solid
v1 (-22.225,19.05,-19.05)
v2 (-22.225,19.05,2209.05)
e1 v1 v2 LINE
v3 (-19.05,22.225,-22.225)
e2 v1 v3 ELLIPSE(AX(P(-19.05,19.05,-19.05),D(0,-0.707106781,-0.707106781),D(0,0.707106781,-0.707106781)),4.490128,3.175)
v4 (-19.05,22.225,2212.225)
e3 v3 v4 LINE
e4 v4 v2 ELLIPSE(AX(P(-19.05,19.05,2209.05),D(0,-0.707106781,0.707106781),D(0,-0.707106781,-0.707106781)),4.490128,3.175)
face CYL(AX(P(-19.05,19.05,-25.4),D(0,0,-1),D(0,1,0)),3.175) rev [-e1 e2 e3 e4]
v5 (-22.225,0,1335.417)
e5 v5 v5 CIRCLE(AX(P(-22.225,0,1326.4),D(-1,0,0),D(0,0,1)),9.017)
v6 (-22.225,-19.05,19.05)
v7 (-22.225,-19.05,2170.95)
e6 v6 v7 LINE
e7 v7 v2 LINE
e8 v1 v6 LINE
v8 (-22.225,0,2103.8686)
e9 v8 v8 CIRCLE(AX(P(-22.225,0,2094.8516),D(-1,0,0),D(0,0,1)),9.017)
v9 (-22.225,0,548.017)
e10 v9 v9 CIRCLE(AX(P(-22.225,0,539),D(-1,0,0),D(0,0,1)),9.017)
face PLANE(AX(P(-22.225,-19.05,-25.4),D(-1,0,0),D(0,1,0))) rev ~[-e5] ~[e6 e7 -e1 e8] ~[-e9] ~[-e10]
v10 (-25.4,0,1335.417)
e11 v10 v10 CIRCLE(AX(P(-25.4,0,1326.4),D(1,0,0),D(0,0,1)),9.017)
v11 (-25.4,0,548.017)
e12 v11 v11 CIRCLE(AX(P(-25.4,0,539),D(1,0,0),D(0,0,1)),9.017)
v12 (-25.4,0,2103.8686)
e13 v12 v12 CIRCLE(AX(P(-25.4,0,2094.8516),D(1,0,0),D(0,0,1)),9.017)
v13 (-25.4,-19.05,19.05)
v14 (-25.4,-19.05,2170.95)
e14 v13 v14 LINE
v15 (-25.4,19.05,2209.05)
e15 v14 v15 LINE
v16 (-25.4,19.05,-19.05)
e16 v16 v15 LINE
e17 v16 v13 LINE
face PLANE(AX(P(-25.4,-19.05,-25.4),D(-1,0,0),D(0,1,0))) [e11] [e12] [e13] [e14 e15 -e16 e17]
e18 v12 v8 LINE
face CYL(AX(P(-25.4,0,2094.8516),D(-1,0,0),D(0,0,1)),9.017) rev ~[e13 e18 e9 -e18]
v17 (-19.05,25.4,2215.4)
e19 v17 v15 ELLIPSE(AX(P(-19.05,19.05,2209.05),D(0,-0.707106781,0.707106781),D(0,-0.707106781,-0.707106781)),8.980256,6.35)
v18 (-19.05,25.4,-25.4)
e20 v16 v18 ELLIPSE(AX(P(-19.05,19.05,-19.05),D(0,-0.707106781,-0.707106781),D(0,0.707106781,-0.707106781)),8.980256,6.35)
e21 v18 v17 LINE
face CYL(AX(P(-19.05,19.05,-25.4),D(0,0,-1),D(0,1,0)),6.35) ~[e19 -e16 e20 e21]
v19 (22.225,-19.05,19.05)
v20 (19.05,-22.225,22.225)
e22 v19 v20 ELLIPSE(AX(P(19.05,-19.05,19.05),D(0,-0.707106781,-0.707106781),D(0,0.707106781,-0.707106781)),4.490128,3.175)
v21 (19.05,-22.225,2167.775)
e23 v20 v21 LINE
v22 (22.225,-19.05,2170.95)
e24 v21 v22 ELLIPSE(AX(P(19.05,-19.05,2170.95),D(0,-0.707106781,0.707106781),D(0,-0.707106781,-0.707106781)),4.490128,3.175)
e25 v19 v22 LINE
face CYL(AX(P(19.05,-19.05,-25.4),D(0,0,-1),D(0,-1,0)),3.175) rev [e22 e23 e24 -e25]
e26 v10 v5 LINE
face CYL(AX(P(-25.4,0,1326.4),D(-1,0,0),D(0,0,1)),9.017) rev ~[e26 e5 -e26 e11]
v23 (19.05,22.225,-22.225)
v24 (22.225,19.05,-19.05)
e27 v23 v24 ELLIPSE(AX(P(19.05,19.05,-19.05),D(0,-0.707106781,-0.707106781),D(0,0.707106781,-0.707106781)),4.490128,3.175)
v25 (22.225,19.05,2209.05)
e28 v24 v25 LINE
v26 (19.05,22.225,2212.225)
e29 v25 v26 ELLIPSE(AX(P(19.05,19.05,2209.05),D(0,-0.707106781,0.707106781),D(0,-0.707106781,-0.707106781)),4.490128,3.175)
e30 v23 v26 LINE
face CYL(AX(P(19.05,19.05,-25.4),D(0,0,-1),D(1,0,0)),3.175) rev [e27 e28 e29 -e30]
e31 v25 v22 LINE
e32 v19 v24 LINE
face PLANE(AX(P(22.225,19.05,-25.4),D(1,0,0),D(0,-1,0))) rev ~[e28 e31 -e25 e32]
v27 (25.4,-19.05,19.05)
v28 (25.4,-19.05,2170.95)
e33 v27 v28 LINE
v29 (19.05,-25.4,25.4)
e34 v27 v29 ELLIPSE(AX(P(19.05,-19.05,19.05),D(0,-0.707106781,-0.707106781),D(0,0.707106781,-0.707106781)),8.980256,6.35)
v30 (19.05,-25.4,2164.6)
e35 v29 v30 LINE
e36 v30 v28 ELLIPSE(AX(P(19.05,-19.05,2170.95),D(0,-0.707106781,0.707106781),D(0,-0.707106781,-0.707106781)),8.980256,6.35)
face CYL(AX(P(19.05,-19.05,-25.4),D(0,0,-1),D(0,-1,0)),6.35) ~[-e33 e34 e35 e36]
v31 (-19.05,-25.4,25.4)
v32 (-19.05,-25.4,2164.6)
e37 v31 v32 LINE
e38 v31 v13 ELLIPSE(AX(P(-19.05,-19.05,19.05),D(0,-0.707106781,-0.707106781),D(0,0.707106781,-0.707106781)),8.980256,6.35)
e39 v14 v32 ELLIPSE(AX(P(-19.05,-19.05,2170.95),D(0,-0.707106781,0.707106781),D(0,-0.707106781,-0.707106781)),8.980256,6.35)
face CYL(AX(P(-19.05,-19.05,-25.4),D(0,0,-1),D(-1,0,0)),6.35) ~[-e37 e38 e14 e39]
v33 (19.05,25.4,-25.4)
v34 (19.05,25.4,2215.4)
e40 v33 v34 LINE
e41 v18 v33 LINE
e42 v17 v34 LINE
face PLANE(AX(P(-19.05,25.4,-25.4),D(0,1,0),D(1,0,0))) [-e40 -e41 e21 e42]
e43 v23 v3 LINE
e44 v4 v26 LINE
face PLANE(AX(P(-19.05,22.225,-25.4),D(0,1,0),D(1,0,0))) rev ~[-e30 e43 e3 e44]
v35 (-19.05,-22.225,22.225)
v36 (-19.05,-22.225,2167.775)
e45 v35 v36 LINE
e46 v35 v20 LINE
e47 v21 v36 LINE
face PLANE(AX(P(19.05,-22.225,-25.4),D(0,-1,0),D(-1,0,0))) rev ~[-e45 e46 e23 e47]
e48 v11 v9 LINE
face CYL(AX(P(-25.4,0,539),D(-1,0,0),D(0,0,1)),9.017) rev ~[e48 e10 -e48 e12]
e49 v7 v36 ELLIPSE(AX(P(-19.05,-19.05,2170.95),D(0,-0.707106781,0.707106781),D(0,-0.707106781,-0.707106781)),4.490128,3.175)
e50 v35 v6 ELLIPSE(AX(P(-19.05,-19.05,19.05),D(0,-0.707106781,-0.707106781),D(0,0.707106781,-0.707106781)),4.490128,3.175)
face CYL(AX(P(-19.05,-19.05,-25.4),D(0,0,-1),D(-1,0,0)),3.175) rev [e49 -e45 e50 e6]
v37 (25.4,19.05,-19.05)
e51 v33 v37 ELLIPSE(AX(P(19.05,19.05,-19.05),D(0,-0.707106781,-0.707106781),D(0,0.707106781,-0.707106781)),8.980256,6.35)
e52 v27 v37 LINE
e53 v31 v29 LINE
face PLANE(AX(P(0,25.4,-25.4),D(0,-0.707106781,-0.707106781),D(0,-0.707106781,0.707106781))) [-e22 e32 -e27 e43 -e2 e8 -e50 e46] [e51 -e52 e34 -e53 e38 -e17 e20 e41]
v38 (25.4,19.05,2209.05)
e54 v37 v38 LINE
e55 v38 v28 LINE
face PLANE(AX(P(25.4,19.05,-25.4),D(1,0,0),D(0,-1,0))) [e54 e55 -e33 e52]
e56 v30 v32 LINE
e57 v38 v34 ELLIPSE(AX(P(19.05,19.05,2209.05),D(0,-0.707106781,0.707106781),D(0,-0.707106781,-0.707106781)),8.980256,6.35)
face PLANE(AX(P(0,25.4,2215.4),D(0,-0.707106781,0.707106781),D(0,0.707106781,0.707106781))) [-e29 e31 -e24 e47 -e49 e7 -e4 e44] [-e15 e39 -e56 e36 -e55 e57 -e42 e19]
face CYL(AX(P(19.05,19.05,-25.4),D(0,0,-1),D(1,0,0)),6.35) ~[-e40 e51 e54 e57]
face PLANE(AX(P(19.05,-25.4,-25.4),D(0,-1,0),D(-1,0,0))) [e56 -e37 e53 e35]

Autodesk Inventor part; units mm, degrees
ref_plane "Plano inicial" through (0, 0, -25.4) normal (0, 0, 1) x (1, 0, 0)
ref_plane "Plano final" through (0, 0, 2215.4) normal (0, 0, 1) x (1, 0, 0)
sketch "Boceto" plane through (0, 0, 0) normal (0, 0, 1) x (1, 0, 0)
  line L0 (-25.4, -19.05) -> (-25.4, 19.05)
  line L1 (-19.05, 25.4) -> (19.05, 25.4)
  line L2 (25.4, 19.05) -> (25.4, -19.05)
  line L3 (19.05, -25.4) -> (-19.05, -25.4)
  arc A0 (-25.4, -19.05) -> (-19.05, -25.4) centre (-19.05, -19.05) ccw
  arc A1 (-19.05, 25.4) -> (-25.4, 19.05) centre (-19.05, 19.05) ccw
  arc A2 (25.4, 19.05) -> (19.05, 25.4) centre (19.05, 19.05) ccw
  arc A3 (19.05, -25.4) -> (25.4, -19.05) centre (19.05, -19.05) ccw
  arc A4 (-19.05, 22.225) -> (-22.225, 19.05) centre (-19.05, 19.05) ccw
  line L4 (-19.05, 22.225) -> (19.05, 22.225)
  arc A5 (22.225, 19.05) -> (19.05, 22.225) centre (19.05, 19.05) ccw
  line L5 (22.225, 19.05) -> (22.225, -19.05)
  arc A6 (19.05, -22.225) -> (22.225, -19.05) centre (19.05, -19.05) ccw
  line L6 (19.05, -22.225) -> (-19.05, -22.225)
  arc A7 (-22.225, -19.05) -> (-19.05, -22.225) centre (-19.05, -19.05) ccw
  line L7 (-22.225, -19.05) -> (-22.225, 19.05)
  line L8 (0, 37.4012) -> (0, -37.4012) construction
  line L9 (-37.4012, 0) -> (37.4012, 0) construction
  dimension "d10" = 50.8
  dimension "d11" = 50.8
  dimension "d12" = 3.175
  dimension "d15" = 25.4
  dimension "d16" = 25.4
  dimension "d17" = 6.35
extrude "Cuerpo" add sketch "Boceto" along normal up to surface (2240.8 mm away) from surface at -25.4
sketch "Sketch3" plane through (0, 0, 0) normal (0, 0, 1) x (1, 0, 0)
  line L0 (0, 0) -> (10, 0)
ref_plane "Work Plane3" through (0, 0, 0) normal (0, -1, 0) x (1, 0, 0)
ref_plane "Plano de trabajo4" through (0, 25.4, 2215.4) normal (0, -0.7071, 0.7071) x (1, 0, 0)
split "Dividir1" plane through (0, 25.4, 2215.4) removes the side toward (0, -0.7071, 0.7071)
ref_plane "Plano de trabajo5" through (0, 25.4, -25.4) normal (0, -0.7071, -0.7071) x (1, 0, 0)
split "Dividir2" plane through (0, 25.4, -25.4) removes the side toward (0, -0.7071, -0.7071)
sketch "Boceto5" plane through (-25.4, 19.05, -19.05) normal (-1, 0, 0) x (0, 0, 1)
  line L0 (19.05, -19.05) -> (2209.05, -19.05)
  line L1 (2228.1, 0) -> (2190, -38.1) projected
  circle A0 centre (2113.9016, -19.05) radius 9.017
  circle A1 centre (1345.45, -19.05) radius 9.017
  circle A2 centre (558.05, -19.05) radius 9.017
  line L2 (2190, -38.1) -> (2228.1, 0) projected
  dimension "d20" = 18.034
  dimension "d21" = 18.034
  dimension "d22" = 18.034
  dimension "d23" = 1651
  dimension "d24" = 863.6
  dimension "d25" = 95.1484
extrude "Extrusión2" cut sketch "Boceto5" against normal blind 12.7
sketch "Sketch4" plane through (0, 0, 0) normal (0, -1, 0) x (1, 0, 0)
  line L0 (-2, -25.4) -> (12, -25.4) projected
  line L1 (-2, 2215.4) -> (12, 2215.4) projected
  dimension "d19" = 2240.8
equation "\"d10\" = G_H"
equation "\"d11\" = G_W"
equation "\"d12\" = G_T"
equation "\"d15\" = 0.5 * d10"
equation "\"d16\" = 0.5 * d11"
equation "\"d17\" = G_IR"
equation "\"d3\" = G_L"
equation "\"G_W\" = 50.8"
equation "\"G_H\" = 50.8"
equation "\"G_T\" = 3.175"
equation "\"G_IR\" = 6.35"
equation "\"G_L\" = d19"
equation "\"G_OFFSET_START\" = 25.4"
equation "\"G_OFFSET_END\" = 25.4"
equation "\"d13\" = -G_OFFSET_START"
equation "\"d14\" = G_OFFSET_END + B_L"
equation "\"B_L\" = 2190"
properties part number "AISC - 2 x 2 x 1/8 - 88,22" material "Acero, suave"
